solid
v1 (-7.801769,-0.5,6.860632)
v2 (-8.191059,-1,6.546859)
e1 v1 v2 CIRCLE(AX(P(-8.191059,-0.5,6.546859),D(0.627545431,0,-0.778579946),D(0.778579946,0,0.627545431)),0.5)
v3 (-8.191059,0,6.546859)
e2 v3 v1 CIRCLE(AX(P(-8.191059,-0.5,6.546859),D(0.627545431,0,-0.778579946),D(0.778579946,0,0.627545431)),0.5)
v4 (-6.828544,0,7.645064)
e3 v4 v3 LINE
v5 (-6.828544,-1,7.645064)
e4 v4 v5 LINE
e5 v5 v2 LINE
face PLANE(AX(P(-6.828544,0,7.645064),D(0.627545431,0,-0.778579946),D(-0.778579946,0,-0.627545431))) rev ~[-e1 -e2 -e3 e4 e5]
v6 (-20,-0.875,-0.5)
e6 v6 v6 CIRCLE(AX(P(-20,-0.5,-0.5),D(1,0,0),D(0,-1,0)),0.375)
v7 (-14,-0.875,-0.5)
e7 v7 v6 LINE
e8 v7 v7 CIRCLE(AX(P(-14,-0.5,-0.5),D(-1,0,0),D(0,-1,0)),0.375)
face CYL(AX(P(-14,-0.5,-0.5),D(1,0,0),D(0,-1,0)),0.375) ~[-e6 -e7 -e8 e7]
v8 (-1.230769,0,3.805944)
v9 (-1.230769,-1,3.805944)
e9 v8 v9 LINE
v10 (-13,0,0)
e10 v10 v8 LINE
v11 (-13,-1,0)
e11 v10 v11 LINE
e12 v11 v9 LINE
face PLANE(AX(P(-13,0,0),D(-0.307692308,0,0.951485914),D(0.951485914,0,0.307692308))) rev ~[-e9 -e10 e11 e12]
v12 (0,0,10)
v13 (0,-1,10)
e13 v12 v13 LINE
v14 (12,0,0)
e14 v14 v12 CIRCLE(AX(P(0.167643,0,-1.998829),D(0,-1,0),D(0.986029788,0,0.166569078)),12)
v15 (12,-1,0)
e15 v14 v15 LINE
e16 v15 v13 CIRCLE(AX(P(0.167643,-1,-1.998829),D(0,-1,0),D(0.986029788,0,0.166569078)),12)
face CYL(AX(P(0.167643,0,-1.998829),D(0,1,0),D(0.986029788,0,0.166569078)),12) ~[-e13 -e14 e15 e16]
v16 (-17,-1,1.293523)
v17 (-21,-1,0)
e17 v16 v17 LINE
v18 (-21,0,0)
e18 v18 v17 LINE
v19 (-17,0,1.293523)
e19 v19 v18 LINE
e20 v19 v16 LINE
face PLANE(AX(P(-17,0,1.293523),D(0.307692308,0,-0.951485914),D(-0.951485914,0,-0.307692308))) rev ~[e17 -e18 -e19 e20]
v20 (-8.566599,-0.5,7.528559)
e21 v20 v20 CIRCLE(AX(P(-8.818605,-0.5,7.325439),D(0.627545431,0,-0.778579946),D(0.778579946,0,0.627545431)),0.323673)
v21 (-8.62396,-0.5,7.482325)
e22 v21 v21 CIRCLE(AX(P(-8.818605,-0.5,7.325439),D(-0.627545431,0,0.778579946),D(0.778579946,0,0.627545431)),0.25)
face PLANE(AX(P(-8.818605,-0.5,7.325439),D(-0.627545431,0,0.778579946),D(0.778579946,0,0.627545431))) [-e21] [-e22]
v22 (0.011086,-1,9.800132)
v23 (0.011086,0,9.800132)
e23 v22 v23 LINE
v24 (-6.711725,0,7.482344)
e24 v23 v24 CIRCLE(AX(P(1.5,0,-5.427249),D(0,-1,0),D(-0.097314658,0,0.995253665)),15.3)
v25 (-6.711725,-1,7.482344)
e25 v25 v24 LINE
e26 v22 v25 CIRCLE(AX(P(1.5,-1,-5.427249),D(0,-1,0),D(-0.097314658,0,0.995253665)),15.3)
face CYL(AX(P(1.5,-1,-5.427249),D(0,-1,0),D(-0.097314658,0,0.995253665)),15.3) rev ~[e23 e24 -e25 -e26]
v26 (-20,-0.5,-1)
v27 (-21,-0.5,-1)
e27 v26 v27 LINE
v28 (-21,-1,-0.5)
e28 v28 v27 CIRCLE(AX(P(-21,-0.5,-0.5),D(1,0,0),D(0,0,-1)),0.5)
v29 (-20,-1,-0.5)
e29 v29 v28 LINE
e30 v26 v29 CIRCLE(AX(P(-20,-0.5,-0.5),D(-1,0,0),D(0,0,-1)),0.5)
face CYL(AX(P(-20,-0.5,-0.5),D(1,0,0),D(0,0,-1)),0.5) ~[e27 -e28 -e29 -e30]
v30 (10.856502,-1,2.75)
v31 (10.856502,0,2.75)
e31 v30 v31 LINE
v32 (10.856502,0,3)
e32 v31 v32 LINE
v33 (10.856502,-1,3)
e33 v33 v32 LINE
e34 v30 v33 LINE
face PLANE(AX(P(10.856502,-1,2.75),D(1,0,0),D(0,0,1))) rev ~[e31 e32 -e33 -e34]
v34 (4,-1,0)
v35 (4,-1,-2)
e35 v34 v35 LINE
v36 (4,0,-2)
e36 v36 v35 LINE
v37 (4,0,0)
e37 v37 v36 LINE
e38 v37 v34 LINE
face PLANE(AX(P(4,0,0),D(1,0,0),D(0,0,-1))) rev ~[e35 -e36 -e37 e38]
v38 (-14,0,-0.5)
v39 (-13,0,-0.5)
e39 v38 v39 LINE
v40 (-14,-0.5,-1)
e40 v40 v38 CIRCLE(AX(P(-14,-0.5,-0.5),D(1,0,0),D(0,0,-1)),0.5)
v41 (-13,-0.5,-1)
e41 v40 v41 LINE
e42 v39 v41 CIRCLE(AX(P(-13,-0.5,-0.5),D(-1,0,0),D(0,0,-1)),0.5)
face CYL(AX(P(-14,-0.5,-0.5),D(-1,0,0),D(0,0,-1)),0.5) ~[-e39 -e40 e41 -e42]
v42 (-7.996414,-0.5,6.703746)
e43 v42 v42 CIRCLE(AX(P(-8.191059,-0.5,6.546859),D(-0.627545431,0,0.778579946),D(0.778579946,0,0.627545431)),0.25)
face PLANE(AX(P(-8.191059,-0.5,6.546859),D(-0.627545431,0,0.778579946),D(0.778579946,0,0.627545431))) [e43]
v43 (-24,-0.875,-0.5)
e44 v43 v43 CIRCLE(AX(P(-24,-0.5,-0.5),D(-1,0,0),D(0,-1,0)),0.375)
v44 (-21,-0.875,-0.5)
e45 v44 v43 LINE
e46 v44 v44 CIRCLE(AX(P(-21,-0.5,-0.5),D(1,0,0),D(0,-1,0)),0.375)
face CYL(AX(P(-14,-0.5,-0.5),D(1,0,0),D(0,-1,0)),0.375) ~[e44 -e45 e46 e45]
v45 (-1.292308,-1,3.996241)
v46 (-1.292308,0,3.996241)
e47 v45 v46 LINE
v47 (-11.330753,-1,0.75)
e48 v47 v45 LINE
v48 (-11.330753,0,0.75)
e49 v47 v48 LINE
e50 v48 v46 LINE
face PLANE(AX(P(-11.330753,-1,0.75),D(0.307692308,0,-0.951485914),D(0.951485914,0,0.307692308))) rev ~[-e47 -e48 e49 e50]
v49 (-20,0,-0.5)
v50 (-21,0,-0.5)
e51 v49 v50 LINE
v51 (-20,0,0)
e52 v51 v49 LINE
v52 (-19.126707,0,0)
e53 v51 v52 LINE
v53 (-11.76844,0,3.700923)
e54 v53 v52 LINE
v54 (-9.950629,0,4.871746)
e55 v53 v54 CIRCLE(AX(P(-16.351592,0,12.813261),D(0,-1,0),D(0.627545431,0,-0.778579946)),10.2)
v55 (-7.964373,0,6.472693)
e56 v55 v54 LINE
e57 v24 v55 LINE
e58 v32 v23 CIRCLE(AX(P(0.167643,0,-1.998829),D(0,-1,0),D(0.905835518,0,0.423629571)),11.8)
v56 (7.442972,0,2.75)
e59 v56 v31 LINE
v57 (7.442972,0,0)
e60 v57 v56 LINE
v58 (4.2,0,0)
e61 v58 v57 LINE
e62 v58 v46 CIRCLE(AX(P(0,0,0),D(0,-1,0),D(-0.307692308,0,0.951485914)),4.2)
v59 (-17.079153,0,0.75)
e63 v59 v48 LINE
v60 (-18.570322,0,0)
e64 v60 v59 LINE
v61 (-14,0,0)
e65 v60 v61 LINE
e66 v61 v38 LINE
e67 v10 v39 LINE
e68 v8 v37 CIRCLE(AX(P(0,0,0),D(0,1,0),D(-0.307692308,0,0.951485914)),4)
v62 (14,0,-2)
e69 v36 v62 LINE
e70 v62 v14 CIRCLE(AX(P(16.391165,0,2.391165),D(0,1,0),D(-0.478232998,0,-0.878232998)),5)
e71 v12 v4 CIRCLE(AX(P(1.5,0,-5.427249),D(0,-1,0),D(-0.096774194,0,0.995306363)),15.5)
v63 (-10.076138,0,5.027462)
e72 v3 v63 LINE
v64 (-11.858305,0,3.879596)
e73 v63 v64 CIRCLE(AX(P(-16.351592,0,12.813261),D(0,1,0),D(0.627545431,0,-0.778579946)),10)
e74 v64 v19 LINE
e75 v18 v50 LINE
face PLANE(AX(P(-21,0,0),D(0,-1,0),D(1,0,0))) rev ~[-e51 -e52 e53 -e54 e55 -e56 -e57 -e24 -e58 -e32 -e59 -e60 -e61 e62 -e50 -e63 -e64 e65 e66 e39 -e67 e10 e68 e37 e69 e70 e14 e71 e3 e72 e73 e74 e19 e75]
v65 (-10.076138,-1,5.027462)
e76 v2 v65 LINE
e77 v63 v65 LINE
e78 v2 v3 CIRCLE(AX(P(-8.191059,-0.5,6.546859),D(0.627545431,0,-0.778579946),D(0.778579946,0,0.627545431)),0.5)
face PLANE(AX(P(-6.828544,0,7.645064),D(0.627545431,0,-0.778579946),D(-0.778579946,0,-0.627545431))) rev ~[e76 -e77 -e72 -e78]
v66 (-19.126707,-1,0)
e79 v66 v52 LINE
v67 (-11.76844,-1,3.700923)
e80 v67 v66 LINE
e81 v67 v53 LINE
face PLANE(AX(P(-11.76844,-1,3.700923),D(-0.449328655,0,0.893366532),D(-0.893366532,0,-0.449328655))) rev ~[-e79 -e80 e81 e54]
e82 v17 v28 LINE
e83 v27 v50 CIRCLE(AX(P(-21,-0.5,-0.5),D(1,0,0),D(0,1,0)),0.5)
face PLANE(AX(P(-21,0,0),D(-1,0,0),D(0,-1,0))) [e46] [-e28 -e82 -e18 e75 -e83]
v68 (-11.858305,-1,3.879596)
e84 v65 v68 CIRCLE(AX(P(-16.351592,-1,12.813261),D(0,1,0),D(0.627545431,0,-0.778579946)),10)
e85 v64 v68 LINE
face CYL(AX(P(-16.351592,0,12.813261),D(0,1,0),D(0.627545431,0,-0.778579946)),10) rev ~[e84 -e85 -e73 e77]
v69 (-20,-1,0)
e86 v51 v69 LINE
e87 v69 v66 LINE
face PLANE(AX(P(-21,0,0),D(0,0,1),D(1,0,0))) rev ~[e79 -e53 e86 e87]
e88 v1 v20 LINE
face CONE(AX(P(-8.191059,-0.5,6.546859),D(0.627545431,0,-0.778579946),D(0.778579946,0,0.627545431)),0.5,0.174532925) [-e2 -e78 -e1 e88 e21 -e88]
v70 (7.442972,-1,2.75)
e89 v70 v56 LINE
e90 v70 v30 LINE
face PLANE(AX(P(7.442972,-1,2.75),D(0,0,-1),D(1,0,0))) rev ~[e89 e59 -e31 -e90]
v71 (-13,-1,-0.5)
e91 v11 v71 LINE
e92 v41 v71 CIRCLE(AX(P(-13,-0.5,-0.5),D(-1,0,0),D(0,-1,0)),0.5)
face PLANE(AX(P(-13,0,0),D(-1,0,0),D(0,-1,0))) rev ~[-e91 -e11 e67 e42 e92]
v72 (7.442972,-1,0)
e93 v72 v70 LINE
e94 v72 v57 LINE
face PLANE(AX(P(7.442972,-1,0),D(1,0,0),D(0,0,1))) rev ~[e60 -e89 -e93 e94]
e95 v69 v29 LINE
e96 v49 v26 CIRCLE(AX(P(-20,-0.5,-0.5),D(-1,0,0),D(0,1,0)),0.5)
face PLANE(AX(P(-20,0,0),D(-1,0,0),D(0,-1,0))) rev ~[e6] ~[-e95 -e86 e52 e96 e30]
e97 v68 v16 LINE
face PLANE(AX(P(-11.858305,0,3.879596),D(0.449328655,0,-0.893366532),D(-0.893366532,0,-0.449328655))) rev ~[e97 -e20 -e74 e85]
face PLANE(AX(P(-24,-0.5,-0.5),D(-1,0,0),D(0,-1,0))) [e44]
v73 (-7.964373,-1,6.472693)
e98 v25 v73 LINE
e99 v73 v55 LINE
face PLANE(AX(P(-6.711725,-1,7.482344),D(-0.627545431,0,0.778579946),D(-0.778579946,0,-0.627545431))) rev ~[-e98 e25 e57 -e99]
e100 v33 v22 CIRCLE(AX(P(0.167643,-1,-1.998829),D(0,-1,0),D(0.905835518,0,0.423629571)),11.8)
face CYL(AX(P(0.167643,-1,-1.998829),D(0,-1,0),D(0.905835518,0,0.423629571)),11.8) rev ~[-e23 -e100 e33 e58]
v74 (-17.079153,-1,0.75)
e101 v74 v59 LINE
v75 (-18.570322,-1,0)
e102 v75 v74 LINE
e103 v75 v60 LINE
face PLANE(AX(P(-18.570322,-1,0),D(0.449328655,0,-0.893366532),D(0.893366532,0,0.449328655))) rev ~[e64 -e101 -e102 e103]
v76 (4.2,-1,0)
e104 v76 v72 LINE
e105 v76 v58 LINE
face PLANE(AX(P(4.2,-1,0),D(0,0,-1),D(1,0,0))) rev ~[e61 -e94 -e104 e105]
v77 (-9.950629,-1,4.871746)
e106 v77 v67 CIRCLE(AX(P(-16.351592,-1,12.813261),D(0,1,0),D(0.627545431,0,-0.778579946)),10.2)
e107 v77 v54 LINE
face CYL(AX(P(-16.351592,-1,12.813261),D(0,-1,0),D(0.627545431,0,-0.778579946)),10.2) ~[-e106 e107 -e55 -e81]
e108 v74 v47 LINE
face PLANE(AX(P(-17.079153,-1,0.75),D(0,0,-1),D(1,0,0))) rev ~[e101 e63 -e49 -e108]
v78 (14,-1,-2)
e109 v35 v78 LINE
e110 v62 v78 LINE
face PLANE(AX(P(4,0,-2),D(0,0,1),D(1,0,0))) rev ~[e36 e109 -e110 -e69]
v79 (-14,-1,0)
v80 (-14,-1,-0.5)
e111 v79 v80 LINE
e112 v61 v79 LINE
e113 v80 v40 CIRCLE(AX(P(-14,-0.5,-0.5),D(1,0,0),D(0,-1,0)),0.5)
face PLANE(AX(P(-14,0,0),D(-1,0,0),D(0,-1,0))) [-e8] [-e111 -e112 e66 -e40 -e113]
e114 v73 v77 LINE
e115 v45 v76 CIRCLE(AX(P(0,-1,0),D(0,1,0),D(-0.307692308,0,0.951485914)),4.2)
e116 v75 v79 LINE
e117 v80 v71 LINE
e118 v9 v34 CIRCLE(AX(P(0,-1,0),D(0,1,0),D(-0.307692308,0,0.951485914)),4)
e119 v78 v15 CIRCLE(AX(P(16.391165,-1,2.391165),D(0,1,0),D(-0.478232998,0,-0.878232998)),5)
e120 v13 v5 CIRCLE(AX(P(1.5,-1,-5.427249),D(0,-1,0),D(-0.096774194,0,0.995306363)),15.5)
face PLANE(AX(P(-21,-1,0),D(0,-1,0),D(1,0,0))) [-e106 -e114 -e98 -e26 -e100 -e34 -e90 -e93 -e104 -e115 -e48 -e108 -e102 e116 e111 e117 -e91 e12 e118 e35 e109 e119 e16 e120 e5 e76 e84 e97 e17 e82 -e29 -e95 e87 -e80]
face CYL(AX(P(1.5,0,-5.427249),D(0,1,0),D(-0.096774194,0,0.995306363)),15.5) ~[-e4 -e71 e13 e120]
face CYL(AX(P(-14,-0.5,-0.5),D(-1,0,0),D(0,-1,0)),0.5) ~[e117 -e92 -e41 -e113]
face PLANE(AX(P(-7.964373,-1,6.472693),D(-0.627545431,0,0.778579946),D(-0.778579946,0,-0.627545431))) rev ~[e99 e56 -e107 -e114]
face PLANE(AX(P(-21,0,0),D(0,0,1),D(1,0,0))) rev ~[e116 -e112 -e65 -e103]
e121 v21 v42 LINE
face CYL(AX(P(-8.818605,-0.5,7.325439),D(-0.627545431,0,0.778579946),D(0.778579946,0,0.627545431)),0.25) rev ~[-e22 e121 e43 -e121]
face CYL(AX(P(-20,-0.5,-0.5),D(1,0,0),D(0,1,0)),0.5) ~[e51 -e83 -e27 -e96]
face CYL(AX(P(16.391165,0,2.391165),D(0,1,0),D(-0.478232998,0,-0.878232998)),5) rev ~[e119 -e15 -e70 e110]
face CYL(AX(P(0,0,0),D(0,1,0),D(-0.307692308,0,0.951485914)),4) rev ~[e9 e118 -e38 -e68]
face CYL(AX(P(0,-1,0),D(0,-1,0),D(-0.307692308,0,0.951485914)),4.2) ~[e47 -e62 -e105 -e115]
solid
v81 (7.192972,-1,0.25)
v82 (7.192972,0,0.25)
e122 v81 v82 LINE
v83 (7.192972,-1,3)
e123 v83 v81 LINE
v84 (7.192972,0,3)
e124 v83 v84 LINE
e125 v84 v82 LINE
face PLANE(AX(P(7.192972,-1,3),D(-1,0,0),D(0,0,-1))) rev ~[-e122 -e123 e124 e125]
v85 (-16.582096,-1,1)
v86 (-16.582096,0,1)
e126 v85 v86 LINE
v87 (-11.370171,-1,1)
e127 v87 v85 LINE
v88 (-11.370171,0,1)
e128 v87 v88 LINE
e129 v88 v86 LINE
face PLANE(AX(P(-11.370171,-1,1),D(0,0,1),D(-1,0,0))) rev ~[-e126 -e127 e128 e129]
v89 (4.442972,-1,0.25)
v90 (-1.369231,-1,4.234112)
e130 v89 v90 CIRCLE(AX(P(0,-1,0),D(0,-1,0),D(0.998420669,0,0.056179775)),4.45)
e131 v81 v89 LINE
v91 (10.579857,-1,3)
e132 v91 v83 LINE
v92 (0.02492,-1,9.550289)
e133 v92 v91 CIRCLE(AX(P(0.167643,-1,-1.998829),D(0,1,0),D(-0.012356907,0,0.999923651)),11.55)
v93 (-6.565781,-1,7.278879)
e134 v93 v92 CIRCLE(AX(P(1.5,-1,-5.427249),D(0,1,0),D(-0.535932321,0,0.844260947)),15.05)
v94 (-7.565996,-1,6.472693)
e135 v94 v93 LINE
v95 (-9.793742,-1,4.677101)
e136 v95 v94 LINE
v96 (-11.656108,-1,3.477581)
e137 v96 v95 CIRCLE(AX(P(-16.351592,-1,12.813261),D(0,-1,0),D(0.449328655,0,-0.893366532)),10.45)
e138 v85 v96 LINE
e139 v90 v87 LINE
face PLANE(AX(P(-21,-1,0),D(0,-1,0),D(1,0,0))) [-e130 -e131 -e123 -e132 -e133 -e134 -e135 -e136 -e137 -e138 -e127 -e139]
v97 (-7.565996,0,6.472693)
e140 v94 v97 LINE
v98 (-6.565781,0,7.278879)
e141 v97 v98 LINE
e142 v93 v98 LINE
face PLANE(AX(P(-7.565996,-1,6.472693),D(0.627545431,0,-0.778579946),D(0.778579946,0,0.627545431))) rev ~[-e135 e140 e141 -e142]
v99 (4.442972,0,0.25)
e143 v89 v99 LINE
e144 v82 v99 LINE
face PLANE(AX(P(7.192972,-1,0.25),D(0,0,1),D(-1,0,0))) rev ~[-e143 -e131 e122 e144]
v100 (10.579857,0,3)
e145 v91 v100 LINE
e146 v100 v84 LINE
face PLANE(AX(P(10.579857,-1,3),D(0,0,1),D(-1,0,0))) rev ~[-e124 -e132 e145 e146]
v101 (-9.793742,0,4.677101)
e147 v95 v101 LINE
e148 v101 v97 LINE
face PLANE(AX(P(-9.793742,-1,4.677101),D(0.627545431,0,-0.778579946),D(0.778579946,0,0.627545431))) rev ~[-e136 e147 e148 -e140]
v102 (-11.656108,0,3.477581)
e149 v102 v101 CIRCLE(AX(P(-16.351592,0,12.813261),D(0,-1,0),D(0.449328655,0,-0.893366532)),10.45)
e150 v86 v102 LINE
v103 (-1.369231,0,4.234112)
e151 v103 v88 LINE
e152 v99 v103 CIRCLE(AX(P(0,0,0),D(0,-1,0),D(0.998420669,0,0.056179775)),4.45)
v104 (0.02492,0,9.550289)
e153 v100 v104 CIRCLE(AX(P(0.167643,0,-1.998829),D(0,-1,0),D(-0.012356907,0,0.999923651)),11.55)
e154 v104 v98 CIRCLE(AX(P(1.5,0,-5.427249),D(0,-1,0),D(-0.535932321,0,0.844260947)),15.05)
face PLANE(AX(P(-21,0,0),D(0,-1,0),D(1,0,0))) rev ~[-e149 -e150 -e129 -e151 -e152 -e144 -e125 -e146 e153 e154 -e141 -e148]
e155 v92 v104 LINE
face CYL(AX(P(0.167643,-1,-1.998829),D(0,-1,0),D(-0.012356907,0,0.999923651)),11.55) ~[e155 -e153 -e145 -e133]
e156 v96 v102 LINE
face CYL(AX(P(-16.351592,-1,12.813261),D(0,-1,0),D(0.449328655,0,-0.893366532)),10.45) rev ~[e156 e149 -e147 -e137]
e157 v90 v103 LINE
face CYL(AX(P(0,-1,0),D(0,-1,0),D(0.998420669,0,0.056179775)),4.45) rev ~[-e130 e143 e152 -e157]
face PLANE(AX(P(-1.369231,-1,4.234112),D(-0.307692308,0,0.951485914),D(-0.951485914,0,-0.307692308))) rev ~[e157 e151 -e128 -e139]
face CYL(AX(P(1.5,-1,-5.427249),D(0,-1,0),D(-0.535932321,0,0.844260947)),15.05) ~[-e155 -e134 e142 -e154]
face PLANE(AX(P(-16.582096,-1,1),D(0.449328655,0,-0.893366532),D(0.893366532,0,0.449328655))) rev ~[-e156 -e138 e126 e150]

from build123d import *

# Parameters (mm, degrees)
F1_DEPTH  = 1
F2_W      = 1
F2_H      = 1
F3_DEPTH  = 1
F5_DEPTH  = 1.1
F6_R      = 0.5
F7_DEPTH  = 10
F8_R      = 0.5
F9_DEPTH  = 1
F9_TAPER  = 10
F10_R     = 0.25
F11_DEPTH = 1
F13_R     = 0.375
F14_DEPTH = 10
F15_W     = 1
F15_H     = 1
F16_DEPTH = 1
F18_DEPTH = 25
F20_DEPTH = 20


with BuildPart() as f1:
    # F0 (on Front) → F1 (new body)
    with BuildSketch(Plane.XZ):
        with BuildLine():
            ThreePointArc((-1.2307692308, 3.8059436544), (2.3533936217, 3.2344301603), (4, 0))
            Line((4, 0), (4, -2))
            Line((4, -2), (14, -2))
            ThreePointArc((14, -2), (12.8556310856, -1.1443689144), (12, 0))
            ThreePointArc((12, 0), (7.8498553444, 7.2198264133), (0, 10))
            ThreePointArc((0, 10), (-3.55336543, 9.2258567783), (-6.8285443319, 7.6450636964))
            Line((-6.8285443319, 7.6450636964), (-10.0761376412, 5.0274618018))
            ThreePointArc((-10.0761376412, 5.0274618018), (-10.9367194729, 4.4061716306), (-11.8583053969, 3.8795959469))
            Line((-11.8583053969, 3.8795959469), (-17, 1.2935233335))
            Line((-17, 1.2935233335), (-21, 0))
            Line((-21, 0), (-13, 0))
            Line((-13, 0), (-1.2307692308, 3.8059436544))
        make_face()
    extrude(amount=F1_DEPTH)

    # F2 (on face) → F3 (join)
    with BuildSketch(Plane(origin=(0, 0, 0), x_dir=(1, 0, 0), z_dir=(0, 0, -1))):
        with Locations((-13.5, 0.5)):
            Rectangle(F2_W, F2_H)
    extrude(amount=F3_DEPTH)

    # F4 (on face) → F5 (cut)
    with BuildSketch(Plane(origin=(-14, 0, 0), x_dir=(0, -1, 0), z_dir=(-1, 0, 0))):
        with BuildLine():
            Line((0, -0.5), (0, 0))
            Line((0, 0), (-0.4260281858, 0))
            Line((-0.4260281858, 0), (-0.4260281858, -1))
            Line((-0.4260281858, -1), (0.5, -1.2644260423))
            Line((0.5, -1.2644260423), (1.4661723981, -1))
            Line((1.4661723981, -1), (1.4661723981, 0))
            Line((1.4661723981, 0), (1, 0))
            Line((1, 0), (1, -0.5))
            ThreePointArc((1, -0.5), (0.8535533906, -0.8535533906), (0.5, -1))
            ThreePointArc((0.5, -1), (0.1464466094, -0.8535533906), (0, -0.5))
        make_face()
    extrude(amount=-F5_DEPTH, mode=Mode.SUBTRACT)

    # F8 (on face) → F9 (join)
    with BuildSketch(Plane(origin=(-6.4245058064, 0, 7.9707239343), x_dir=(0.7785799461, 0, 0.6275454307), z_dir=(-0.6275454307, 0, 0.7785799461))):
        with Locations((-2.2689428876, -0.5)):
            Circle(F8_R)
    extrude(amount=F9_DEPTH, taper=F9_TAPER)

    # F10 (on face) → F11 (cut)
    with BuildSketch(Plane(origin=(-7.0520512371, 0, 8.7493038804), x_dir=(0.7785799461, 0, 0.6275454307), z_dir=(-0.6275454307, 0, 0.7785799461))):
        with Locations((-2.2689428876, -0.5)):
            Circle(F10_R)
    extrude(amount=-F11_DEPTH, mode=Mode.SUBTRACT)

    # F13 (on face) → F14 (join)
    with BuildSketch(Plane(origin=(-14, 0, 0), x_dir=(0, -1, 0), z_dir=(-1, 0, 0))):
        with Locations((0.5, -0.5)):
            Circle(F13_R)
    extrude(amount=F14_DEPTH)

    # F15 (on face) → F16 (join)
    with BuildSketch(Plane(origin=(0, 0, 0), x_dir=(1, 0, 0), z_dir=(0, 0, -1))):
        with Locations((-20.5, 0.5)):
            Rectangle(F15_W, F15_H)
    extrude(amount=F16_DEPTH)

    # F17 (on face) → F18 (cut)
    with BuildSketch(Plane.YZ.offset(-20)):
        with BuildLine():
            ThreePointArc((0, -0.5), (-0.1464466094, -0.8535533906), (-0.5, -1))
            Line((-0.5, -1), (0, -1))
            Line((0, -1), (0, -0.5))
        make_face()
        with BuildLine():
            ThreePointArc((-0.5, -1), (-0.8535533906, -0.8535533906), (-1, -0.5))
            Line((-1, -0.5), (-1, -1))
            Line((-1, -1), (-0.5, -1))
        make_face()
    extrude(amount=-F18_DEPTH, mode=Mode.SUBTRACT)

    # F19 (on face) → F20 (cut)
    with BuildSketch(Plane.XZ.offset(1)):
        with BuildLine():
            Line((-11.7684396659, 3.7009226406), (-19.1267071287, 0))
            Line((-19.1267071287, 0), (-18.5703215139, 0))
            Line((-18.5703215139, 0), (-17.0791526534, 0.75))
            Line((-17.0791526534, 0.75), (-11.3307530856, 0.75))
            Line((-11.3307530856, 0.75), (-1.2923076923, 3.9962408371))
            ThreePointArc((-1.2923076923, 3.9962408371), (2.4710633027, 3.3961516683), (4.2, 0))
            Line((4.2, 0), (7.4429719783, 0))
            Line((7.4429719783, 0), (7.4429719783, 2.75))
            Line((7.4429719783, 2.75), (10.8565016648, 2.75))
            Line((10.8565016648, 2.75), (10.8565016648, 3))
            ThreePointArc((10.8565016648, 3), (6.4360393371, 7.9985307946), (0.0110857368, 9.8001324516))
            ThreePointArc((0.0110857368, 9.8001324516), (-3.4868463955, 9.0372376485), (-6.7117250372, 7.4823436237))
            Line((-6.7117250372, 7.4823436237), (-7.9643731986, 6.4726931262))
            Line((-7.9643731986, 6.4726931262), (-9.950628555, 4.8717458125))
            ThreePointArc((-9.950628555, 4.8717458125), (-10.8284220234, 4.238029838), (-11.7684396659, 3.7009226406))
        make_face()
        with BuildLine():
            ThreePointArc((0.0249202776, 9.5502892216), (6.2579782939, 7.8149527201), (10.5798569724, 3))
            Line((10.5798569724, 3), (7.1929719783, 3))
            Line((7.1929719783, 3), (7.1929719783, 0.25))
            Line((7.1929719783, 0.25), (4.4429719783, 0.25))
            ThreePointArc((4.4429719783, 0.25), (2.5160005944, 3.6704551501), (-1.3692307692, 4.2341123155))
            Line((-1.3692307692, 4.2341123155), (-11.3701707808, 1))
            Line((-11.3701707808, 1), (-16.5820963665, 1))
            Line((-16.5820963665, 1), (-11.6561075021, 3.4775810077))
            ThreePointArc((-11.6561075021, 3.4775810077), (-10.6930502115, 4.0278525972), (-9.7937421974, 4.677100826))
            Line((-9.7937421974, 4.677100826), (-7.5659956664, 6.4726931262))
            Line((-7.5659956664, 6.4726931262), (-6.5657814379, 7.2788786335))
            ThreePointArc((-6.5657814379, 7.2788786335), (-3.4037571753, 8.8014430117), (0.0249202776, 9.5502892216))
        make_face(mode=Mode.SUBTRACT)
    extrude(amount=-F20_DEPTH, mode=Mode.SUBTRACT)


with BuildPart() as f7:
    # F6 (on face) → F7 (new body)
    with BuildSketch(Plane(origin=(-14, 0, 0), x_dir=(0, -1, 0), z_dir=(-1, 0, 0))):
        with Locations((0.5, -0.5)):
            Circle(F6_R)
    extrude(amount=F7_DEPTH)


solid = f1.part
